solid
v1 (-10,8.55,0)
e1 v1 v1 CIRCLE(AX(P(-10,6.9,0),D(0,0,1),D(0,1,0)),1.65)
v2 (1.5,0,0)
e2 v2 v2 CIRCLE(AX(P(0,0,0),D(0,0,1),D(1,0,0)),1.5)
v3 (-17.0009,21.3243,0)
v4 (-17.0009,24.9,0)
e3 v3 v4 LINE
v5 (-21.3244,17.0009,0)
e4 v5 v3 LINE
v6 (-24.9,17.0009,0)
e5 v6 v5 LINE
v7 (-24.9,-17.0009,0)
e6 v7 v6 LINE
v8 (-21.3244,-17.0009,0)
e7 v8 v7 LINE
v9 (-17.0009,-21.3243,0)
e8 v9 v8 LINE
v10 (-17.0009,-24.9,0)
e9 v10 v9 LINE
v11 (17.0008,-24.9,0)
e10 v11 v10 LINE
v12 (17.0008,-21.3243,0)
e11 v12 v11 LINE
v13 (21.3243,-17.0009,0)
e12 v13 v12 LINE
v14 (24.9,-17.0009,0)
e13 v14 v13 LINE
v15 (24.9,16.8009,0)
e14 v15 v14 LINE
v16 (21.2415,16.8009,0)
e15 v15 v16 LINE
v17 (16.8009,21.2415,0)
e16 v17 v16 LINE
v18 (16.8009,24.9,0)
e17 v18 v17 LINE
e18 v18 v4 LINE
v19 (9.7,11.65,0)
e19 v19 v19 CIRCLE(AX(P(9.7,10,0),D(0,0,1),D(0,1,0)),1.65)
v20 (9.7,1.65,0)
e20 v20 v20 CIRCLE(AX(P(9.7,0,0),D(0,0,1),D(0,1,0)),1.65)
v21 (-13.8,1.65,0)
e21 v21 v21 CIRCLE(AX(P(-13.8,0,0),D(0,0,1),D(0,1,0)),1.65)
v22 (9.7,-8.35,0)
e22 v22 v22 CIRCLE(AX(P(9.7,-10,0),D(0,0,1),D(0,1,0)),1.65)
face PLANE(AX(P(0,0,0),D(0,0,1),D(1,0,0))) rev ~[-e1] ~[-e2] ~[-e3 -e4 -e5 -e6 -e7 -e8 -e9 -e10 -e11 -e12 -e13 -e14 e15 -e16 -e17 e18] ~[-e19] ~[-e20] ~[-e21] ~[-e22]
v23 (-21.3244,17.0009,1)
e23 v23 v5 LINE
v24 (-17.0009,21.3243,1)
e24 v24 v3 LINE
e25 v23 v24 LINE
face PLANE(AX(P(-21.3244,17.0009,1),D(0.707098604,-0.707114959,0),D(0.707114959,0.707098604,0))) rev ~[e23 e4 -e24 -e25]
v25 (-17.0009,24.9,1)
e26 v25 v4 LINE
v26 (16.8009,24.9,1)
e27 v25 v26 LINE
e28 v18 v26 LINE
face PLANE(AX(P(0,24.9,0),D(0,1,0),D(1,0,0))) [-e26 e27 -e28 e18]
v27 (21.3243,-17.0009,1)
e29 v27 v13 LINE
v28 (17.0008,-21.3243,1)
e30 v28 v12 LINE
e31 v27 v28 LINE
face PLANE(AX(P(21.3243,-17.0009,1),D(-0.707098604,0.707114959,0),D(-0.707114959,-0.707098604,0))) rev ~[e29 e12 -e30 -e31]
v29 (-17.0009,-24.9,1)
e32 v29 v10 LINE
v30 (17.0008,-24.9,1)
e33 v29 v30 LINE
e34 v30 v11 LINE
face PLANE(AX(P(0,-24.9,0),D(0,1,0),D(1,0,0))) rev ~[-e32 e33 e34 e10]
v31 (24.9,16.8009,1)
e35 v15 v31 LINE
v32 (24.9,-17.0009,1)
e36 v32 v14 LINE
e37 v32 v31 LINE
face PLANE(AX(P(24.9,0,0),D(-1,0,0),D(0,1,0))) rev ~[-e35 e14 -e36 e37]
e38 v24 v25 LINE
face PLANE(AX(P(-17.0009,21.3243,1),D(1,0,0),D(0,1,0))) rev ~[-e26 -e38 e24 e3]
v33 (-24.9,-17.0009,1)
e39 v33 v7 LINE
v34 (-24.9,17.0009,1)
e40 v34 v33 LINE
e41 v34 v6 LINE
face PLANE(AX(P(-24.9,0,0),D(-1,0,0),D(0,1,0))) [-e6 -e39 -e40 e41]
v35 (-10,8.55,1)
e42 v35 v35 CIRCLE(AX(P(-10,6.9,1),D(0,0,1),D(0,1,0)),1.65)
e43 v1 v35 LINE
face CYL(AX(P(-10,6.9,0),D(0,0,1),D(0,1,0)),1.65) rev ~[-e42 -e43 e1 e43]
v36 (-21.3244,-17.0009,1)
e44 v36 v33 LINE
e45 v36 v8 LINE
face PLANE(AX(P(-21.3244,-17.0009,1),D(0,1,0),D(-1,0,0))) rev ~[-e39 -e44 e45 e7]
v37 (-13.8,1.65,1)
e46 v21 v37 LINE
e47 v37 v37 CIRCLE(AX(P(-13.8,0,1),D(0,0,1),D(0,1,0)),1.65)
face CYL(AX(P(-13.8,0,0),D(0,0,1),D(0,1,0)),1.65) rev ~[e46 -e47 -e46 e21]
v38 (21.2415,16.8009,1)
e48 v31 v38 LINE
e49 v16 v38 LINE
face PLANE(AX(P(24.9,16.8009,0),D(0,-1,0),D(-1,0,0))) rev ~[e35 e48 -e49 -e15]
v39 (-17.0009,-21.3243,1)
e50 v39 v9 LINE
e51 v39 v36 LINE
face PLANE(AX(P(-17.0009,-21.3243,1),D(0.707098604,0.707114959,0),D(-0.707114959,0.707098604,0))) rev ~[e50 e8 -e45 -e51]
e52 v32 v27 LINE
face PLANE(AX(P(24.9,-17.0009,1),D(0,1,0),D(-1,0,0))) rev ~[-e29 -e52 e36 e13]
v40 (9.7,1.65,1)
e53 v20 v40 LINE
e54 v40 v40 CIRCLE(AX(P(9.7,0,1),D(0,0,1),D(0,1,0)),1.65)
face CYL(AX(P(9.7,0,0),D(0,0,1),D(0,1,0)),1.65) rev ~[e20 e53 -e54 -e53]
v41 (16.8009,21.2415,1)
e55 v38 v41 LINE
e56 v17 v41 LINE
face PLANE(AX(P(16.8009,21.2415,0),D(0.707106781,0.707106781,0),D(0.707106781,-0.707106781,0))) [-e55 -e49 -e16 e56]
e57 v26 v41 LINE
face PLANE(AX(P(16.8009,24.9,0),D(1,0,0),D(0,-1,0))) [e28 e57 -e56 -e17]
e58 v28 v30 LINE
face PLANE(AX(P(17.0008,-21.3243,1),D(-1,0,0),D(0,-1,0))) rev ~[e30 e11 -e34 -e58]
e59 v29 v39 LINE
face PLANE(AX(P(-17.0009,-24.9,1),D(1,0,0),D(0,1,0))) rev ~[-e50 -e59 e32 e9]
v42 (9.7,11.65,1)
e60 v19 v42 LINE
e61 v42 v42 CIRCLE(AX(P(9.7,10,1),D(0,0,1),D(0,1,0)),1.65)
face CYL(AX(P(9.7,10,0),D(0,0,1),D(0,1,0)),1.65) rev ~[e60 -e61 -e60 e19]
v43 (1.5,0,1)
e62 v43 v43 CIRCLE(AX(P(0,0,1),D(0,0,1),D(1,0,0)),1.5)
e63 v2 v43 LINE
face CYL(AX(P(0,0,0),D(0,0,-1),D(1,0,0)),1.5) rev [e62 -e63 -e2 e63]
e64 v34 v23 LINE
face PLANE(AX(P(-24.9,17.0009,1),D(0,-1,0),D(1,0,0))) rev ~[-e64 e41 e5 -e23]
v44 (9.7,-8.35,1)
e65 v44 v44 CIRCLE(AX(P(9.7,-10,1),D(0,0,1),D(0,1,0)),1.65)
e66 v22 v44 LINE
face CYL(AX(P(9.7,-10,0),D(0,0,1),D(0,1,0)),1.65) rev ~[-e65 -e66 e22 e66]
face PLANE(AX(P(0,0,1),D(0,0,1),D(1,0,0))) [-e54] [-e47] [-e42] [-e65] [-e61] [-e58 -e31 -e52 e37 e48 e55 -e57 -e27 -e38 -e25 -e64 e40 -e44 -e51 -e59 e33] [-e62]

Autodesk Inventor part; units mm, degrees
ref_plane "YZ Plane" through (0, 0, 0) normal (1, 0, 0) x (0, 1, 0)
ref_plane "Work Plane1" through (-29.1, -14.5, 2.4) normal (0, 0, -1) x (0, 1, 0)
ref_plane "Work Plane2" through (-13.8999, -10.5497, 2.25) normal (0, 0, -1) x (0, 1, 0)
sketch "Sketch1" plane through (0, 0, 0) normal (0, 0, 1) x (1, 0, 0)
  line L0 (-34.86, 0) -> (34.86, 0) construction
  line L1 (0, -34.86) -> (0, 34.86) construction
  line L2 (0, 0) -> (11.1575, 11.1575) construction
  line L3 (0, 0) -> (15.7791, 0) construction
  line L4 (0, 24.9) -> (16.8009, 24.9)
  line L5 (16.8009, 24.9) -> (16.8009, 21.2415)
  line L6 (16.8009, 21.2415) -> (19.0212, 19.0212)
  line L7 (24.9, 0) -> (24.9, 16.8009)
  line L8 (24.9, 16.8009) -> (21.2415, 16.8009)
  line L9 (21.2415, 16.8009) -> (19.0212, 19.0212)
  line L10 (0, -24.9) -> (16.8009, -24.9)
  line L11 (16.8009, -24.9) -> (16.8009, -21.2415)
  line L12 (16.8009, -21.2415) -> (19.0212, -19.0212)
  line L13 (24.9, 0) -> (24.9, -16.8009)
  line L14 (24.9, -16.8009) -> (21.2415, -16.8009)
  line L15 (21.2415, -16.8009) -> (19.0212, -19.0212)
  line L16 (0, 24.9) -> (-16.8009, 24.9)
  line L17 (-16.8009, 24.9) -> (-16.8009, 21.2415)
  line L18 (-16.8009, 21.2415) -> (-19.0212, 19.0212)
  line L19 (-24.9, 16.8009) -> (-21.2415, 16.8009)
  line L20 (-21.2415, 16.8009) -> (-19.0212, 19.0212)
  line L21 (0, -24.9) -> (-16.8009, -24.9)
  line L22 (-16.8009, -24.9) -> (-16.8009, -21.2415)
  line L23 (-16.8009, -21.2415) -> (-19.0212, -19.0212)
  line L24 (-21.2415, -16.8009) -> (-19.0212, -19.0212)
  line L25 (-24.9, -16.8009) -> (-21.2415, -16.8009)
  line L26 (-24.9, 0) -> (-24.9, -16.8009)
  line L27 (-24.9, 0) -> (-24.9, 16.8009)
  circle A0 centre (0, 0) radius 1.5
  dimension "d0" = 45
  dimension "d2" = 24.9
  dimension "d3" = 3.14
  dimension "d4" = 26.9
  dimension "d5" = 3
extrude "Extrusion1" add sketch "Sketch1" along normal blind 1
sketch "Sketch5" plane through (0, 0, 0) normal (0, 0, -1) x (-1, 0, 0)
  circle A0 centre (-9.7, 10) radius 1.4
  circle A1 centre (-9.7, -10) radius 1.4
  circle A2 centre (13.8, 0) radius 1.4
  circle A3 centre (-10, 6.9) radius 0.75
  circle A4 centre (10, 6.9) radius 1.25
  circle A5 centre (-9.7, 0) radius 1.5
  point P0 (0, 0)
  dimension "d28" = 3
hole "Hole1" at (-13.8, 0, 0) at (9.7, -10, 0) at (-10, 6.9, 0) at (9.7, 10, 0) at (9.7, 0, 0) direction (0, 0, 1) diameter 3.3 depth 12 tip angle 118
sketch "Skizze6" plane through (-16.8009, 24.9, 1) normal (0, 0, 1) x (1, 0, 0)
  circle A0 centre (6.8009, -18) radius 1.65 construction
  circle A1 centre (3.0009, -24.9) radius 1.65 construction
  circle A2 centre (26.5009, -34.9) radius 1.65 construction
  circle A3 centre (26.5009, -14.9) radius 1.65 construction
  circle A4 centre (16.8009, -24.9) radius 10 construction
  line L0 (33.6017, -3.6585) -> (33.6017, 0) projected
  line L1 (33.6017, 0) -> (0, 0) construction
  line L2 (0, 0) -> (0, -3.6585) projected
  line L3 (0, -3.6585) -> (-4.4406, -8.0991) projected
  line L4 (-4.4406, -8.0991) -> (-8.0991, -8.0991) projected
  line L5 (-8.0991, -8.0991) -> (-8.0991, -41.7009) construction
  line L6 (-8.0991, -41.7009) -> (-4.4406, -41.7009) projected
  line L7 (-4.4406, -41.7009) -> (0, -46.1415) projected
  line L8 (0, -46.1415) -> (0, -49.8) projected
  line L9 (0, -49.8) -> (33.6017, -49.8) construction
  line L10 (33.6017, -49.8) -> (33.6017, -46.1415) projected
  line L11 (33.6017, -46.1415) -> (38.0423, -41.7009) projected
  line L12 (38.0423, -41.7009) -> (41.7009, -41.7009) projected
  line L13 (41.7009, -41.7009) -> (41.7009, -8.0991) construction
  line L14 (41.7009, -8.0991) -> (38.0423, -8.0991) projected
  line L15 (38.0423, -8.0991) -> (33.6017, -3.6585) projected
  line L16 (-0.2, 0.2) -> (33.8017, 0.2) construction
  line L17 (33.8017, 0.2) -> (33.8017, -3.5757)
  line L18 (33.8017, -3.5757) -> (38.1252, -7.8991)
  line L19 (38.1252, -7.8991) -> (41.9009, -7.8991)
  line L20 (41.9009, -7.8991) -> (41.9009, -41.9009) construction
  line L21 (41.9009, -41.9009) -> (38.1252, -41.9009)
  line L22 (38.1252, -41.9009) -> (33.8017, -46.2243)
  line L23 (33.8017, -46.2243) -> (33.8017, -50)
  line L24 (33.8017, -50) -> (-0.2, -50) construction
  line L25 (-0.2, -50) -> (-0.2, -46.2243)
  line L26 (-0.2, -46.2243) -> (-4.5235, -41.9009)
  line L27 (-4.5235, -41.9009) -> (-8.2991, -41.9009)
  line L28 (-8.2991, -41.9009) -> (-8.2991, -7.8991) construction
  line L29 (-8.2991, -7.8991) -> (-4.5235, -7.8991)
  line L30 (-4.5235, -7.8991) -> (-0.2, -3.5757)
  line L31 (-0.2, -3.5757) -> (-0.2, 0.2)
  line L32 (-8.0991, -8.0991) -> (-8.0991, -7.8991)
  line L33 (0, 0) -> (-0.2, 0)
  line L34 (33.6017, 0) -> (33.8017, 0)
  line L35 (41.7009, -8.0991) -> (38.0423, -8.0991) projected
  line L36 (41.7009, -8.0991) -> (41.7009, -7.8991)
  line L37 (41.7009, -41.7009) -> (41.7009, -41.9009)
  line L38 (33.6017, -49.8) -> (33.8017, -49.8)
  line L39 (-8.0991, -41.7009) -> (-8.0991, -41.9009)
  line L40 (0, -49.8) -> (-0.2, -49.8)
  point P0 (16.8009, -24.9)
  dimension "d25" = 0.2
extrude "IM_offset" add sketch "Skizze6" against normal up to surface (1 mm away) contours L2 L3 L4 L32 L29 L30 L31 L33 | L6 L7 L8 L40 L25 L26 L27 L39 | L10 L11 L12 L37 L21 L22 L23 L38
properties part number "20_Cube_insert_AlliedVision_Alvium_v3"
